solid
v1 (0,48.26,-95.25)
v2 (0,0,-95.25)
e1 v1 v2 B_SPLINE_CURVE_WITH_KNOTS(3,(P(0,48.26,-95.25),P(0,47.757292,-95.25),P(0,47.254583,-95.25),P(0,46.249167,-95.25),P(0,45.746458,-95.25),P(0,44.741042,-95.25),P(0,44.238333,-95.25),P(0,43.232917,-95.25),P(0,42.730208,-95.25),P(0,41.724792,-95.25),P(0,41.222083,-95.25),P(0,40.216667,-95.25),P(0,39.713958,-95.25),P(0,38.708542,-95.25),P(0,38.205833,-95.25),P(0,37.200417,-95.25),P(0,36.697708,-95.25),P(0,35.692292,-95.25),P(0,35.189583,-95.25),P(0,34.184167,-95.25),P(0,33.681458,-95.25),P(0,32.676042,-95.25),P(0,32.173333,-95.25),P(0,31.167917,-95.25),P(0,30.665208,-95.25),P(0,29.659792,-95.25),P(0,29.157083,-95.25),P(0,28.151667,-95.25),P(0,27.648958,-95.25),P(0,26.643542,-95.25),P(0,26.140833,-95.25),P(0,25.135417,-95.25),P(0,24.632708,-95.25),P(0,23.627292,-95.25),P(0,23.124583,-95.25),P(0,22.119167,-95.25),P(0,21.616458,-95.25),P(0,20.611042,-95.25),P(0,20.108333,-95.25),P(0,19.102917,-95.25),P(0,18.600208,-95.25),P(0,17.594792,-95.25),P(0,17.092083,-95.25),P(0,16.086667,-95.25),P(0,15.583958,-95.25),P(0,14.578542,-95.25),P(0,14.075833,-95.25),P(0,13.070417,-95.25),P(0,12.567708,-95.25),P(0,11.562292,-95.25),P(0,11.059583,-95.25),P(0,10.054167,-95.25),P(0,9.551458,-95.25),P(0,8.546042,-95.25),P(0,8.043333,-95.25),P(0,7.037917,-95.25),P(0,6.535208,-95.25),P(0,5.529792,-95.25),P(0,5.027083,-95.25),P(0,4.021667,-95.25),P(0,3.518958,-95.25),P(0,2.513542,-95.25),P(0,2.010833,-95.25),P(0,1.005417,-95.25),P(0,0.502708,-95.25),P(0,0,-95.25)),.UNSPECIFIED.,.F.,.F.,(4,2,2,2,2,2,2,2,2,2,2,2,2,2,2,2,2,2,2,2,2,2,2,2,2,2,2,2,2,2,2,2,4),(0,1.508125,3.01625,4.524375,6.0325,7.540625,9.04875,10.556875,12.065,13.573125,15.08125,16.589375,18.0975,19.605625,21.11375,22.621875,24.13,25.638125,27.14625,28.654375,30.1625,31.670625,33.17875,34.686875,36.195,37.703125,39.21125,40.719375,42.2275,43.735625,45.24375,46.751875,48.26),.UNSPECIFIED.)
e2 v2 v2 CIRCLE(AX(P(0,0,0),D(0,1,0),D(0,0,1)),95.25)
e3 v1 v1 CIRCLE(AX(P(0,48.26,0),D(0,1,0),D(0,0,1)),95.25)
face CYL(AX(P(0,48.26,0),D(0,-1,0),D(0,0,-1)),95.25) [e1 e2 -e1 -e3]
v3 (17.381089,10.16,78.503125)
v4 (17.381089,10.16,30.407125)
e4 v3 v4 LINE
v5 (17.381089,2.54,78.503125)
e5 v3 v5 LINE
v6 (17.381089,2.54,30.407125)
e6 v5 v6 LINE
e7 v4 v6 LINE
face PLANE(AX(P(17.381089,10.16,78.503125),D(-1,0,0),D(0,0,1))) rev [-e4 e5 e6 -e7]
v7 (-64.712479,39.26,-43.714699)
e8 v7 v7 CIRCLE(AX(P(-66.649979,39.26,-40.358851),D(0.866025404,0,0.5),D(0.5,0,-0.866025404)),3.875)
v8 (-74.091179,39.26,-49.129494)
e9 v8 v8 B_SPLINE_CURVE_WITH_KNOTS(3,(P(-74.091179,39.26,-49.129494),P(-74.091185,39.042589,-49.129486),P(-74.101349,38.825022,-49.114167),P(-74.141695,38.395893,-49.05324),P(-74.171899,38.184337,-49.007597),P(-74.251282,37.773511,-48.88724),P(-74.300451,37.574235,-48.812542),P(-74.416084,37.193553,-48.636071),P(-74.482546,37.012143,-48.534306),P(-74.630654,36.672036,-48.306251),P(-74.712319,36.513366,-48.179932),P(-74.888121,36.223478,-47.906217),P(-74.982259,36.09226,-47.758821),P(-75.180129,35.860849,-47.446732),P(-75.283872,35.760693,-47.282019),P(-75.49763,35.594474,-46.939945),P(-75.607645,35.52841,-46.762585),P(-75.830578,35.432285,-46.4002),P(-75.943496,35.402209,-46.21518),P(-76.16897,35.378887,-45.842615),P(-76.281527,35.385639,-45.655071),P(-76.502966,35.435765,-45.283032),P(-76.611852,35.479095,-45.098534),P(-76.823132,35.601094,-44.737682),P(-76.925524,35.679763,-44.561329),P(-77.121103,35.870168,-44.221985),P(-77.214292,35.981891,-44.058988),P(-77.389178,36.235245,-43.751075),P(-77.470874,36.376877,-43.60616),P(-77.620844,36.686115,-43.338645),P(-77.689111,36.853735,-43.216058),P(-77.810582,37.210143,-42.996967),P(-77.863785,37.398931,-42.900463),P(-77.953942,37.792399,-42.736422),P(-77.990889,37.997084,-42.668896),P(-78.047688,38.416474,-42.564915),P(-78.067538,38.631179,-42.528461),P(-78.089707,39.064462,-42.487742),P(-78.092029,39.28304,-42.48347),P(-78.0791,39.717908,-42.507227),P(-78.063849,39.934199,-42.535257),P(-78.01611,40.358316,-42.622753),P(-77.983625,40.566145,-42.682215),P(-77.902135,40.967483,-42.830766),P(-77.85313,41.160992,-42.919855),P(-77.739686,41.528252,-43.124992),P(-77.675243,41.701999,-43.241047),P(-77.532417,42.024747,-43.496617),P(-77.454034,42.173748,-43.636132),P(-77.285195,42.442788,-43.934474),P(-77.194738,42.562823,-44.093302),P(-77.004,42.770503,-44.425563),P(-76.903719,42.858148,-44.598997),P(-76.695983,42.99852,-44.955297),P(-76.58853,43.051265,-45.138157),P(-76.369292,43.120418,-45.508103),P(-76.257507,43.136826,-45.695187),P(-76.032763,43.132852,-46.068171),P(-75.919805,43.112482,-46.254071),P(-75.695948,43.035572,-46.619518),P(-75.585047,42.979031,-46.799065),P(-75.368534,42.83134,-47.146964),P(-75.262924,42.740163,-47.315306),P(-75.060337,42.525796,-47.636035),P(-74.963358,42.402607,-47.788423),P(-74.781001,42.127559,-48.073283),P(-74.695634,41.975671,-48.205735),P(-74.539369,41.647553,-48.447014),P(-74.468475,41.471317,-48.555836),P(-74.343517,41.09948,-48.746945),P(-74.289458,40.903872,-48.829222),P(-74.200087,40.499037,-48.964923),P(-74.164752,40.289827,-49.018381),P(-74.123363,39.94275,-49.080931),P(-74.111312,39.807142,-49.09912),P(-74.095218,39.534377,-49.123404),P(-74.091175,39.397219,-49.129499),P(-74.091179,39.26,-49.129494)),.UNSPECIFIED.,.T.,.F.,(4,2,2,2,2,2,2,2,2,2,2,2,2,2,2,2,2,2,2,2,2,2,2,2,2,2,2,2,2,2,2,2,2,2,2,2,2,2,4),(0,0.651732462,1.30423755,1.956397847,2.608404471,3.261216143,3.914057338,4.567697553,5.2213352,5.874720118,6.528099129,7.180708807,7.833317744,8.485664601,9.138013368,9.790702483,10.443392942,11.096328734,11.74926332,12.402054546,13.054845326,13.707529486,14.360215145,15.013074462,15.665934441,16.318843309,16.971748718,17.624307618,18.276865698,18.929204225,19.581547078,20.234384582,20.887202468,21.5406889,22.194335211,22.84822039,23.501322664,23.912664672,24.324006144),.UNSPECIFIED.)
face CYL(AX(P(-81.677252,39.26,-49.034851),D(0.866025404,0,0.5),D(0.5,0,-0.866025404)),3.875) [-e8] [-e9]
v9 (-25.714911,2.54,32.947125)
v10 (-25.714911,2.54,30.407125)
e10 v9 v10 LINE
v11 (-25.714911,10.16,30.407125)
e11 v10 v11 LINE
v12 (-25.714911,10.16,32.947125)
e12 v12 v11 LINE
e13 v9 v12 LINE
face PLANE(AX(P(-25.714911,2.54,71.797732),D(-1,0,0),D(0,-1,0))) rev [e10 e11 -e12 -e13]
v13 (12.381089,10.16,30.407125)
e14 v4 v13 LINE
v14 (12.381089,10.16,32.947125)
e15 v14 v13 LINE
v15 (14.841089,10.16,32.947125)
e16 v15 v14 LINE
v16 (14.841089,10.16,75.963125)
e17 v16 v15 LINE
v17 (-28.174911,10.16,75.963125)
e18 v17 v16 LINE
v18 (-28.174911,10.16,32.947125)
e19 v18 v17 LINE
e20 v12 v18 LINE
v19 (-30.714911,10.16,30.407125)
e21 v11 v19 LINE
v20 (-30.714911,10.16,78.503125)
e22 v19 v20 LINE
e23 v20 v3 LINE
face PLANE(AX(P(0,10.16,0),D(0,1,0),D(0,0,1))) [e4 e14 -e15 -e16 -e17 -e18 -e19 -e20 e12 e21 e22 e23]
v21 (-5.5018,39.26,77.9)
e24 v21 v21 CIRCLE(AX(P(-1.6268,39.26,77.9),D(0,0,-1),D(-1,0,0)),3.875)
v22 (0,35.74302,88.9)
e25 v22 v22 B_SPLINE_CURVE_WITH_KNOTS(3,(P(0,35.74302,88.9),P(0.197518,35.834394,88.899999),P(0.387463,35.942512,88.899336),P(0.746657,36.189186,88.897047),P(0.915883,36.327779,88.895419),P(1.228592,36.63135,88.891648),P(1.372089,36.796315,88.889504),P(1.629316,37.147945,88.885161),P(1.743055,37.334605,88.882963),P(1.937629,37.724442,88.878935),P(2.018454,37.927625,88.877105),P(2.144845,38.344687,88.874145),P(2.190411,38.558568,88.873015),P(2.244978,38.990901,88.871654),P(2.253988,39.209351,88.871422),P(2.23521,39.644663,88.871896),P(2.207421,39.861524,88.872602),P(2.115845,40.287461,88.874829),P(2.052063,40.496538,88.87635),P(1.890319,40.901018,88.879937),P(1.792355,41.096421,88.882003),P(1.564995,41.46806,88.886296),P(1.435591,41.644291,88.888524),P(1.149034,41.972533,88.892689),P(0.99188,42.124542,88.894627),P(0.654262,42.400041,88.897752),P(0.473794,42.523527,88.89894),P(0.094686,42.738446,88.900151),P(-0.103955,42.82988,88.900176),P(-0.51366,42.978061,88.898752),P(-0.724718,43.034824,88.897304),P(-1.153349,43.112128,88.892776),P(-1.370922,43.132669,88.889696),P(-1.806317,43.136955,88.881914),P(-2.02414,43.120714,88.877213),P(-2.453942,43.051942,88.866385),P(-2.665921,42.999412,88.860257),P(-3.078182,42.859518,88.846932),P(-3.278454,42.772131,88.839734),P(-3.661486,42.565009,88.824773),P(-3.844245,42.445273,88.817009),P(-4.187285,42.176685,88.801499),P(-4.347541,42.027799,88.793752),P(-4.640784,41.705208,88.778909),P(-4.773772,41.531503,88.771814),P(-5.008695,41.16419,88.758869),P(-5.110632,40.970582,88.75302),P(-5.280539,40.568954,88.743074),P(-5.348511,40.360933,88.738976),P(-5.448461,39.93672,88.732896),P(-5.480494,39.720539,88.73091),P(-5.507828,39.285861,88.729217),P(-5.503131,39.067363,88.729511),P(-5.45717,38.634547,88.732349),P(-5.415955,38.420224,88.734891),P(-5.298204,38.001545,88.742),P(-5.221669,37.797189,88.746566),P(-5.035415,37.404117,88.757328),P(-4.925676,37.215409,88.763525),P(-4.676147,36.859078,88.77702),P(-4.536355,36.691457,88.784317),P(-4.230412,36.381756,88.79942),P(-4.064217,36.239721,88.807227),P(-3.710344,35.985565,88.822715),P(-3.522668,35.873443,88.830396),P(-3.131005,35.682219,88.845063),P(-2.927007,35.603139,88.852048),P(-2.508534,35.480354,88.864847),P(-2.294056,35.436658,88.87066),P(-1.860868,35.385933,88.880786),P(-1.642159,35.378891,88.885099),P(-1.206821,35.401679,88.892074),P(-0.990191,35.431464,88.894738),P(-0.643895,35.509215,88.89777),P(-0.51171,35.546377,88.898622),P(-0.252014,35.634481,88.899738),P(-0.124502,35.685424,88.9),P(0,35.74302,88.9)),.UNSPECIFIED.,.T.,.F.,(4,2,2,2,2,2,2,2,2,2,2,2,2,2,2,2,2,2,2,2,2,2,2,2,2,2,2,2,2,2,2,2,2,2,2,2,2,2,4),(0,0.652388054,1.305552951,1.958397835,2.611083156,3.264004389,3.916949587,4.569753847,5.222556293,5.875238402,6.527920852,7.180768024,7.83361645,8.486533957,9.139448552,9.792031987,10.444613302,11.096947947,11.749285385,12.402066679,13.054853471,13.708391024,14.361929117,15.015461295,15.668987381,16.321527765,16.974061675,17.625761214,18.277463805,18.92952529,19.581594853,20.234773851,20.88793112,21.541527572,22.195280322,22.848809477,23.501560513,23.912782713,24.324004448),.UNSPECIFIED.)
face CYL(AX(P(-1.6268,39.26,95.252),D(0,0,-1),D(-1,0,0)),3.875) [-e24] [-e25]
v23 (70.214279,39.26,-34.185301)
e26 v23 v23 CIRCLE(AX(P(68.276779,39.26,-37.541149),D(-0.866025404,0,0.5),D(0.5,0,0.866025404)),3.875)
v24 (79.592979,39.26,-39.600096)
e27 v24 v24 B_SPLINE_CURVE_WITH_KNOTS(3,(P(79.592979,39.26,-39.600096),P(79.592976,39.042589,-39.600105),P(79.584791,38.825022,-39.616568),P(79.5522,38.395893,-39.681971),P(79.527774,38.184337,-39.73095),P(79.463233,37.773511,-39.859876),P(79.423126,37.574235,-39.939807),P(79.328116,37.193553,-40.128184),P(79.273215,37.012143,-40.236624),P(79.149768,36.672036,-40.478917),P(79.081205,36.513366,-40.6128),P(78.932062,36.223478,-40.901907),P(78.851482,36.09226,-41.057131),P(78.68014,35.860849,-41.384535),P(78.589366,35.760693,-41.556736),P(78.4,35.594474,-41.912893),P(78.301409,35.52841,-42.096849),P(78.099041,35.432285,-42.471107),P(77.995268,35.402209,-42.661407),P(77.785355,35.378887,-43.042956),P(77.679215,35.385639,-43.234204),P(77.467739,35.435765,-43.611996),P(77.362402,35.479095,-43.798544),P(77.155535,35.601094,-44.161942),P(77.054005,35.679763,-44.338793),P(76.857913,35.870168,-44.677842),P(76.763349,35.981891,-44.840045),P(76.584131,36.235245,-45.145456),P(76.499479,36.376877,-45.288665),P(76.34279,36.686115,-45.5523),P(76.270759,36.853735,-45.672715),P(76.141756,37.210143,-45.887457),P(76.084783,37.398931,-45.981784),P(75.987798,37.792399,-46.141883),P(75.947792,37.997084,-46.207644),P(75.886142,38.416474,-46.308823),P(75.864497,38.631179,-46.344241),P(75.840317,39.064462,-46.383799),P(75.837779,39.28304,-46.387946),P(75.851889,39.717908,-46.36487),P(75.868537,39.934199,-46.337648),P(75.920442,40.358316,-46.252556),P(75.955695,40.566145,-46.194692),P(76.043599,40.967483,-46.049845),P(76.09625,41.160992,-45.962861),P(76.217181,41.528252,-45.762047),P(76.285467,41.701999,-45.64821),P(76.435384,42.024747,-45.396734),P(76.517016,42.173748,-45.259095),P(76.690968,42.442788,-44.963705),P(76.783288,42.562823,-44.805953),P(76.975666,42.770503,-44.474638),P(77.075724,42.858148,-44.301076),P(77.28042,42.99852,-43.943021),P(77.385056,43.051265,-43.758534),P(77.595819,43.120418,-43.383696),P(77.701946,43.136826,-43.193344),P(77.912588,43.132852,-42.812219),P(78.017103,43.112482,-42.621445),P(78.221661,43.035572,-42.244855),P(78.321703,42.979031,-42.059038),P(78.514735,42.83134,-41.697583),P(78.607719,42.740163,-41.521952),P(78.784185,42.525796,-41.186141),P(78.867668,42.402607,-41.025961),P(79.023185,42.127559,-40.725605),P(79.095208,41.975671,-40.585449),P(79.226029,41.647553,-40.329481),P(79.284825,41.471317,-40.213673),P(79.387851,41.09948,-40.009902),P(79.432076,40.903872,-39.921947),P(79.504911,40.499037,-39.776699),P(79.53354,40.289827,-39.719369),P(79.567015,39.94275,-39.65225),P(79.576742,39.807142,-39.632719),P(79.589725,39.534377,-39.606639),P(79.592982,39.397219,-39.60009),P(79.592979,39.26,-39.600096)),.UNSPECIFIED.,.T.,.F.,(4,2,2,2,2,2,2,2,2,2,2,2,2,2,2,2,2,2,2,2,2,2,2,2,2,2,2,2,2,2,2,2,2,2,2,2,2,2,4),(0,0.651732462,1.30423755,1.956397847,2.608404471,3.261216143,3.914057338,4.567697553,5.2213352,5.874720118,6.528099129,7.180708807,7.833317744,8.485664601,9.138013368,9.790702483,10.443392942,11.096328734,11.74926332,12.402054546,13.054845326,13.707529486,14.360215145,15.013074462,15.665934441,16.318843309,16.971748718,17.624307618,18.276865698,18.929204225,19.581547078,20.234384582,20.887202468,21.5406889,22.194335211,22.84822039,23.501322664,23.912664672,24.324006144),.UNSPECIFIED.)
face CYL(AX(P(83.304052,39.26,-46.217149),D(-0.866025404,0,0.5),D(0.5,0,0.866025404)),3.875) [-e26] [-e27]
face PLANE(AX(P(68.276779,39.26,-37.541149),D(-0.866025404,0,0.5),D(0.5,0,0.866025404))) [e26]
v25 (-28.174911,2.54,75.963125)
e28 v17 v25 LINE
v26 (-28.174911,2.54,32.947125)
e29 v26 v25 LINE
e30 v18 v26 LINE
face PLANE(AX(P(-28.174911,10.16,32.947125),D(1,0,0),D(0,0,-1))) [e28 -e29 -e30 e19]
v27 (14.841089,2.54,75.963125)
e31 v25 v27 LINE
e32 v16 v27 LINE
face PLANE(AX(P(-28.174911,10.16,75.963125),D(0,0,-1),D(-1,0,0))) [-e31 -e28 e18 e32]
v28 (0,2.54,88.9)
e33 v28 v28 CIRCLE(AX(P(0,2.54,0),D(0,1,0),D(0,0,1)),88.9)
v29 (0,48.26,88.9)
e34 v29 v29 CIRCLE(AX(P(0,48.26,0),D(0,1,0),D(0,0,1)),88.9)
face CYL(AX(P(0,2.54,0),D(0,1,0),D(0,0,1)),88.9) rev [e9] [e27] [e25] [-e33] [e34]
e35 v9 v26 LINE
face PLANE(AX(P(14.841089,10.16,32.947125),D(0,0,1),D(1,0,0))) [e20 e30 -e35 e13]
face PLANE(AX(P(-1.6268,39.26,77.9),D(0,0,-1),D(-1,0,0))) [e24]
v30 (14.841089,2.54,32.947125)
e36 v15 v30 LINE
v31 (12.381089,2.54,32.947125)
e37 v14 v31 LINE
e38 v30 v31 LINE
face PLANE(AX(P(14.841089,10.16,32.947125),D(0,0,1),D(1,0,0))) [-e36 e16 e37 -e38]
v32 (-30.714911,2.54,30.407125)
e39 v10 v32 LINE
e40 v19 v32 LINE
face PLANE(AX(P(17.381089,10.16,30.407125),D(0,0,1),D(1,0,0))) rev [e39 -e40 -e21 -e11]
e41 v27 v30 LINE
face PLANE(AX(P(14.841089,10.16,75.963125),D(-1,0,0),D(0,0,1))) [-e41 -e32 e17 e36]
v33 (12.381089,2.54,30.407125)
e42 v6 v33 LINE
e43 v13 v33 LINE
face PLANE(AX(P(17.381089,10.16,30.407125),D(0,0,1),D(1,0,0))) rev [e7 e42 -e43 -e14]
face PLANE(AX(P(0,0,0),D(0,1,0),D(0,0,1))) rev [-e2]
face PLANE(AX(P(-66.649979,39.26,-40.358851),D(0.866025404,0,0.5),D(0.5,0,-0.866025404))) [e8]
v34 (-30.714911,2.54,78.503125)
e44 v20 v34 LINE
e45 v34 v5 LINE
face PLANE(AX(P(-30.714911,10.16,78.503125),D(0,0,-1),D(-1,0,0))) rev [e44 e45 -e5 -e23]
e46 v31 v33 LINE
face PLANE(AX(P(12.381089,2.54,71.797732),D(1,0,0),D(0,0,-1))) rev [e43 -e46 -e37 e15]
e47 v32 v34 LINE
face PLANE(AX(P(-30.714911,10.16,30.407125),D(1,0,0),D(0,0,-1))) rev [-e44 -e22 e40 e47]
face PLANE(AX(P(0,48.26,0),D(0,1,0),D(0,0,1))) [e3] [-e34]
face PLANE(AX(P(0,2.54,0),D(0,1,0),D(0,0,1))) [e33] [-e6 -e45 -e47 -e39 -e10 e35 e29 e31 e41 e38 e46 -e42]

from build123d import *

# Parameters (mm, degrees)
SKETCH1_R           = 95.25
BOSS_EXTRUDE1_DEPTH = 48.26
SKETCH2_R           = 88.9
CUT_EXTRUDE1_DEPTH  = 45.72
SKETCH3_R           = 3.875
BOSS_EXTRUDE4_DEPTH = 11
CIRPATTERN1_COUNT   = 3
SKETCH8_W           = 48.096
SKETCH8_H           = 48.096
SKETCH8_W_2         = 43.016
SKETCH8_H_2         = 43.016
BOSS_EXTRUDE5_DEPTH = 7.62
SKETCH10_W          = 38.096
SKETCH10_H          = 7.62
CUT_EXTRUDE2_DEPTH  = 2.54


with BuildPart() as part:
    # Sketch1 → Boss-Extrude1 (new body)
    with BuildSketch(Plane(origin=(0, 0, 0), x_dir=(1, 0, 0), z_dir=(0, 1, 0))):
        with Locations(Location((0, 0, 0), (0, 0, 90))):
            Circle(SKETCH1_R)
    extrude(amount=BOSS_EXTRUDE1_DEPTH)

    # Sketch2 → Cut-Extrude1 (cut)
    with BuildSketch(Plane(origin=(0, 48.26, 0), x_dir=(1, 0, 0), z_dir=(0, 1, 0))):
        with Locations(Location((0, 0, 0), (0, 0, 270))):
            Circle(SKETCH2_R)
    extrude(amount=-CUT_EXTRUDE1_DEPTH, mode=Mode.SUBTRACT)

    # Sketch3 → Boss-Extrude4 (add)
    with BuildSketch(Plane(origin=(0, 0, 88.9), x_dir=(-1, 0, 0), z_dir=(0, 0, -1))):
        with Locations((1.626800498, 39.26)):
            Circle(SKETCH3_R)
    boss_extrude4 = extrude(amount=BOSS_EXTRUDE4_DEPTH)

    # CirPattern1: Boss-Extrude4 ×3 about axis
    cirpattern1_axis = Axis((0, 0, 0), (0, 1, 0))
    for i in range(1, CIRPATTERN1_COUNT):
        add(boss_extrude4.rotate(cirpattern1_axis, i * 360 / CIRPATTERN1_COUNT))

    # Sketch8 → Boss-Extrude5 (add)
    with BuildSketch(Plane(origin=(0, 2.54, 0), x_dir=(1, 0, 0), z_dir=(0, 1, 0))):
        with Locations((-6.666911053, -54.455125388)):
            Rectangle(SKETCH8_W, SKETCH8_H)
        with Locations((-6.666911053, -54.455125388)):
            Rectangle(SKETCH8_W_2, SKETCH8_H_2, mode=Mode.SUBTRACT)
    extrude(amount=BOSS_EXTRUDE5_DEPTH)

    # Sketch10 → Cut-Extrude2 (cut)
    with BuildSketch(Plane(origin=(0, 0, 30.407125388), x_dir=(-1, 0, 0), z_dir=(0, 0, -1))):
        with Locations((6.666911053, 6.35)):
            Rectangle(SKETCH10_W, SKETCH10_H)
    extrude(amount=-CUT_EXTRUDE2_DEPTH, mode=Mode.SUBTRACT)


solid = part.part
